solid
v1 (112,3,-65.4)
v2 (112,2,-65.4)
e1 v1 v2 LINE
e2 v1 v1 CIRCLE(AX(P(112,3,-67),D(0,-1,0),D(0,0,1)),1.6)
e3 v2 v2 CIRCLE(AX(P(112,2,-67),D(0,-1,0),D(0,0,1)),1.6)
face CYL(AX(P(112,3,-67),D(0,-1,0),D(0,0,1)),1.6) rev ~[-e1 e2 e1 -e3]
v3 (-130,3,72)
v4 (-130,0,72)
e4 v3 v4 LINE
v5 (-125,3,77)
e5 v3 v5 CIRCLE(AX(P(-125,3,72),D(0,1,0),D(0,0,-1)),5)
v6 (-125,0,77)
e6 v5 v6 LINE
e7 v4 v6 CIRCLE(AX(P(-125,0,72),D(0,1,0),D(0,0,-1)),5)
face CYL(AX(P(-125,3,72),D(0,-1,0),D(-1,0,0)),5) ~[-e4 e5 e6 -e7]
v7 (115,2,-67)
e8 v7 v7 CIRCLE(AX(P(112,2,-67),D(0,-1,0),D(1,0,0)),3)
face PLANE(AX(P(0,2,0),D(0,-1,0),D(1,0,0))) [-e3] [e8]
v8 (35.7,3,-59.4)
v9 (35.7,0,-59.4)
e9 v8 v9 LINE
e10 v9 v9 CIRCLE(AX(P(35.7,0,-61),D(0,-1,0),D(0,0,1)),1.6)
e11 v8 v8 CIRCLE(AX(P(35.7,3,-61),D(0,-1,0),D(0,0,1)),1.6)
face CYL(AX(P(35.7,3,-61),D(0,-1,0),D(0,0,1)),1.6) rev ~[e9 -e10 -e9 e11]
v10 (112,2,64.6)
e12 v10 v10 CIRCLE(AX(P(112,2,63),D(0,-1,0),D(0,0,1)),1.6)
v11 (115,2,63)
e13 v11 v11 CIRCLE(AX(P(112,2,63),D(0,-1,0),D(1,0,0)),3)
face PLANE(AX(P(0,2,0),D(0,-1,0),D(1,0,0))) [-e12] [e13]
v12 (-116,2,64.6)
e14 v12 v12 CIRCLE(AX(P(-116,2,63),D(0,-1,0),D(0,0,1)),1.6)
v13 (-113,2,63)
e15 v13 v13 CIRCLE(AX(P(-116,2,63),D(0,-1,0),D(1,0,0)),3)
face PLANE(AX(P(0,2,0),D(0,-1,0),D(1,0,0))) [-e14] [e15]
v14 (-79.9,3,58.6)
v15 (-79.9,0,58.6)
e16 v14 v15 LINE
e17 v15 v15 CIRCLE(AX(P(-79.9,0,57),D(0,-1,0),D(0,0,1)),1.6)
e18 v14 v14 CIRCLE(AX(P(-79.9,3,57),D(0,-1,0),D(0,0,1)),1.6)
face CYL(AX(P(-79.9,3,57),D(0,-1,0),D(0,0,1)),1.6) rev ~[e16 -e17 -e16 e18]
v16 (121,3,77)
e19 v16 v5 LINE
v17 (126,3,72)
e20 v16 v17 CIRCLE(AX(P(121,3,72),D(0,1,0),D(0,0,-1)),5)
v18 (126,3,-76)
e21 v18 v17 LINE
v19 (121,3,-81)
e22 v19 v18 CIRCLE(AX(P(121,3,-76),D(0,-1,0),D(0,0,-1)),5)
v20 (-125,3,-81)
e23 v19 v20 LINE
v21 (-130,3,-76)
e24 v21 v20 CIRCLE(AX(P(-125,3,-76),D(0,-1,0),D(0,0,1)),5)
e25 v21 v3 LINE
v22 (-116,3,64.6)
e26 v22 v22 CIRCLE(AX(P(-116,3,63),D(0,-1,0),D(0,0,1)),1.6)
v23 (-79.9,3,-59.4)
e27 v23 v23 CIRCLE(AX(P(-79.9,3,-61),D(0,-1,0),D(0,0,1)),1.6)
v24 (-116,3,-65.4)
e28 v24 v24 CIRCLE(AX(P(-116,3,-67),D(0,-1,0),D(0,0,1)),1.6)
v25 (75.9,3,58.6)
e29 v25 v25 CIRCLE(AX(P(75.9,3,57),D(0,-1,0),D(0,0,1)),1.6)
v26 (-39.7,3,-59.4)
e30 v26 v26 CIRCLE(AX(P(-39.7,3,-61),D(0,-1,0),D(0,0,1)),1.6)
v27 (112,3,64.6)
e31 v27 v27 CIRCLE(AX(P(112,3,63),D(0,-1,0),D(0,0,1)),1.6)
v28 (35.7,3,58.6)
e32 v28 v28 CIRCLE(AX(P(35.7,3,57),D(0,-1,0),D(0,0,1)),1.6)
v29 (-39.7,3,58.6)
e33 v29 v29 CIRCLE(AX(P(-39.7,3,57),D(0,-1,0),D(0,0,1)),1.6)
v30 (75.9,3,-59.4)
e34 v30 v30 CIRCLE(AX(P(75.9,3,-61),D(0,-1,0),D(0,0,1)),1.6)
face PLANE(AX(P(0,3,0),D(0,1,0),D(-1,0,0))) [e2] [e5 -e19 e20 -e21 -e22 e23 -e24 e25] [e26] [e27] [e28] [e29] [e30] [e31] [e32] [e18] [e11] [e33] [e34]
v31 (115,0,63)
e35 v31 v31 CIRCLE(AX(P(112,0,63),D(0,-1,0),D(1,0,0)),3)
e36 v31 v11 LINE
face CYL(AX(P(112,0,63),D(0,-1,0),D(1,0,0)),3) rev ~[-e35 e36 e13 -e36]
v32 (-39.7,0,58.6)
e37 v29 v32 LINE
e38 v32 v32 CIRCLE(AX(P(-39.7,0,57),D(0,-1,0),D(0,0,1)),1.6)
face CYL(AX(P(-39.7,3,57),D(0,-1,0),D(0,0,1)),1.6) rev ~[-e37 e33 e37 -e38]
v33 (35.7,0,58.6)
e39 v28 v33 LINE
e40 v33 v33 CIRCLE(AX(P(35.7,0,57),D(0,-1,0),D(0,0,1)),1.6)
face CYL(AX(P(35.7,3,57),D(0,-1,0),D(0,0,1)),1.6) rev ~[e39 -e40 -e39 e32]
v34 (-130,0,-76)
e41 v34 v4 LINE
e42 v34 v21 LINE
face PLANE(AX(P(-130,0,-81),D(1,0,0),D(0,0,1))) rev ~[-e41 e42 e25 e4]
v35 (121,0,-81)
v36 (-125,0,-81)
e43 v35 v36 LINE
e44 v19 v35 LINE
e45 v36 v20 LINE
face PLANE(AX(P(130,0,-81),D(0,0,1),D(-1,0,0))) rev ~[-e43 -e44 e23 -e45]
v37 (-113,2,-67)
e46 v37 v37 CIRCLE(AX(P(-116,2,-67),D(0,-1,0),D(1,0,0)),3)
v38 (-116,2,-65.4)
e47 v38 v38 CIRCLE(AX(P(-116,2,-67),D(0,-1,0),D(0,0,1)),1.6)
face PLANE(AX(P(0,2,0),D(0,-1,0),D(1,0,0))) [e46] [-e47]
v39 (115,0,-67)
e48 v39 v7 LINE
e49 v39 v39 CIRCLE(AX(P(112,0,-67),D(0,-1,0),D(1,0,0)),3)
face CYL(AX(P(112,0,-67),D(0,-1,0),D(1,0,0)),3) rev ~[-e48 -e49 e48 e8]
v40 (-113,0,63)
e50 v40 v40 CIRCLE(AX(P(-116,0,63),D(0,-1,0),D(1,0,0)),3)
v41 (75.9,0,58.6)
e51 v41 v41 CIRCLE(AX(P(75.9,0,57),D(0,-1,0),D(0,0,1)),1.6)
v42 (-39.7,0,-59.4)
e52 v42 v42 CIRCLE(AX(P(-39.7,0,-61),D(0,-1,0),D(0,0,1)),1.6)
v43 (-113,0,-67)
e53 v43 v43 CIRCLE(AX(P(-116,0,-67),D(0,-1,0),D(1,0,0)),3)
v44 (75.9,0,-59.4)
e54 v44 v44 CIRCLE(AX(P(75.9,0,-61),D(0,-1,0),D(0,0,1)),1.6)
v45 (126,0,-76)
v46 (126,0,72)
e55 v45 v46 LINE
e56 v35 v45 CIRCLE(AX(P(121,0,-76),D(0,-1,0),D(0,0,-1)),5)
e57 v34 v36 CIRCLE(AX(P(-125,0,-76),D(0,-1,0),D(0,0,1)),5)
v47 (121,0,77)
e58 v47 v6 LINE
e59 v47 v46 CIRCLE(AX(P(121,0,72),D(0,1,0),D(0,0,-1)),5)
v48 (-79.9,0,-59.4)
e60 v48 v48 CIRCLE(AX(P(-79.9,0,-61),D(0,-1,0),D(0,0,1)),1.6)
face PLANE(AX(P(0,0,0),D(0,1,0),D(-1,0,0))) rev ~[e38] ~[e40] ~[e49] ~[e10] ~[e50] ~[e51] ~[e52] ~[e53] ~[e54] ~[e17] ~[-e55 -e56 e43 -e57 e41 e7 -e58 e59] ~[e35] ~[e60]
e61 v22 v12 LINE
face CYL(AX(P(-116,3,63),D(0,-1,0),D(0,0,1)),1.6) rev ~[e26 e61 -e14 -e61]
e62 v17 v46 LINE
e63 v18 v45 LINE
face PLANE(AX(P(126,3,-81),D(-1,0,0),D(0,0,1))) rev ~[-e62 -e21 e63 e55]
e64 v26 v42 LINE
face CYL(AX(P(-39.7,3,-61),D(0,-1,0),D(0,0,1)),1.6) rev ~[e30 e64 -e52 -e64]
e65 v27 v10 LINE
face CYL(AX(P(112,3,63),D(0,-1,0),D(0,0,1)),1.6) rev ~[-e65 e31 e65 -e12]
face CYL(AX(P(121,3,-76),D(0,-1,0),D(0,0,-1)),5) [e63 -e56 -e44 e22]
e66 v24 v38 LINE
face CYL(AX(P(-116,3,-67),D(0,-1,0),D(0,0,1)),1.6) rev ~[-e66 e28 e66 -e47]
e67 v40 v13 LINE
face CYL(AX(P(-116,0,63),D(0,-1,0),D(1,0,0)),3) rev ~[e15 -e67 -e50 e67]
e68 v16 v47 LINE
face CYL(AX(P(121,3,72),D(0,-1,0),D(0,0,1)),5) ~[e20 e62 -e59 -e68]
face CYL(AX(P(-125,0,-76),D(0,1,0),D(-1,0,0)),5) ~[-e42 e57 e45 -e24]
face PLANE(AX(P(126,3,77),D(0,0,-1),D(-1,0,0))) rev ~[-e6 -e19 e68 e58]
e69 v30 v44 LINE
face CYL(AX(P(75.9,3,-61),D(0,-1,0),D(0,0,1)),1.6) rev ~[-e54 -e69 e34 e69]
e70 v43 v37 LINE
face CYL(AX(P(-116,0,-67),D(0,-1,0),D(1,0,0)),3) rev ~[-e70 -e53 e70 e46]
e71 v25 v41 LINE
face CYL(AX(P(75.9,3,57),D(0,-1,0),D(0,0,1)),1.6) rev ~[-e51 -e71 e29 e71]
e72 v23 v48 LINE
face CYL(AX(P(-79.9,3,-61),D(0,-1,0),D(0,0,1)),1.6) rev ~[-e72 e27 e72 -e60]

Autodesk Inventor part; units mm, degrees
ref_plane "YZ Plane" through (0, 0, 0) normal (1, 0, 0) x (0, 1, 0)
ref_plane "XZ Plane" through (0, 0, 0) normal (0, 1, 0) x (-1, 0, 0)
ref_plane "XY Plane" through (0, 0, 0) normal (0, 0, 1) x (1, 0, 0)
sketch "スケッチ1" plane through (0, 0, 0) normal (0, 1, 0) x (-1, 0, 0)
  line L0 (130, 81) -> (-130, 81)
  line L1 (-130, 81) -> (-130, -81)
  line L2 (-130, -81) -> (130, -81)
  line L3 (130, -81) -> (130, 81)
  line L4 (130, 81) -> (-130, -81) construction
  line L5 (-130, 81) -> (130, -81) construction
  point P0 (0, 0)
  dimension "d0" = 260
  dimension "d1" = 162
extrude "押し出し1" add sketch "スケッチ1" along normal blind 3
sketch "スケッチ7" plane through (0, 3, 0) normal (0, 1, 0) x (1, 0, 0)
  line L0 (-130, 81) -> (-130, -81) projected
  line L1 (130, -81) -> (130, 81) projected
  line L2 (130, 81) -> (-130, 81) projected
  point P0 (0, 0)
  point P1 (-116, 67)
  point P2 (112, 67)
  point P3 (112, -63)
  point P4 (-116, -63)
  dimension "d23" = 14
  dimension "d25" = 130
  dimension "d26" = 130
  dimension "d27" = 14
  dimension "d29" = 14
  dimension "d38" = 228
  dimension "d39" = 228
  dimension "d40" = 14
hole "穴1" at (-116, 3, -67) at (112, 3, -67) at (112, 3, 63) at (-116, 3, 63) direction (0, -1, 0) diameter 3.2 depth 8
sketch "スケッチ8" plane through (0, 3, 0) normal (0, 1, 0) x (1, 0, 0)
  line L0 (130, 81) -> (-130, 81) projected
  line L1 (-130, 81) -> (126, 81)
  line L2 (126, 81) -> (126, -77)
  line L3 (126, -77) -> (-130, -77)
  line L4 (-130, -77) -> (-130, 81)
  circle A0 centre (-116, 67) radius 1.6 projected
  circle A1 centre (112, 67) radius 1.6 projected
  circle A2 centre (-116, -63) radius 1.6 projected
  circle A3 centre (-116, -63) radius 1.6 projected
  circle A4 centre (112, -63) radius 1.6 projected
  circle A5 centre (112, 67) radius 1.6 projected
  circle A6 centre (-116, 67) radius 1.6 projected
  line L5 (130, -81) -> (130, 81) projected
  line L6 (130, 81) -> (-130, 81) projected
  line L7 (-130, 81) -> (-130, -81) projected
  line L8 (-130, -81) -> (130, -81) projected
  point P0 (0, 0)
  dimension "d41" = 14
  dimension "d42" = 14
  dimension "d43" = 14
extrude "押し出し4" cut sketch "スケッチ8" against normal blind 10 contours L5 L8 L7 L3 L2 L0
fillet "フィレット1" radius 5 4 edges at (-130, 1.5, -81) (-130, 1.5, 77) (126, 1.5, -81) (126, 1.5, 77)
sketch "スケッチ9" plane through (0, 3, 0) normal (0, 1, 0) x (1, 0, 0)
  line L0 (-130, 76) -> (-130, -72) projected
  line L1 (-89.9, 81) -> (-69.9, 81)
  line L2 (-69.8, 81) -> (-49.8, 81)
  line L3 (-49.7, 81) -> (-29.7, 81)
  line L4 (-29.7, -77) -> (-49.7, -77)
  line L5 (0, 0) -> (0, 16.1014)
  circle A0 centre (-116, 67) radius 1.6 projected
  line L6 (126, -72) -> (126, 76) projected
  line L7 (121, 81) -> (-125, 81) projected
  line L8 (-125, -77) -> (121, -77) projected
  line L9 (-69.8, 81) -> (-49.8, 81)
  line L10 (-49.8, 81) -> (-49.8, -77)
  line L11 (-49.8, -77) -> (-69.8, -77)
  line L12 (-69.8, -77) -> (-69.8, 81)
  line L13 (45.8, 81) -> (65.8, 81)
  line L14 (65.8, 81) -> (65.8, -77)
  line L15 (65.8, -77) -> (45.8, -77)
  line L16 (45.8, -77) -> (45.8, 81)
  line L17 (-69.9, 81) -> (-89.9, 81)
  line L18 (-89.9, 81) -> (-89.9, -77)
  line L19 (-89.9, -77) -> (-69.9, -77)
  line L20 (-69.9, -77) -> (-69.9, 81)
  line L21 (121, 81) -> (-125, 81) projected
  line L22 (-49.7, 81) -> (-29.7, 81)
  line L23 (-29.7, 81) -> (-29.7, -77)
  line L24 (-29.7, -77) -> (-49.7, -77)
  line L25 (-49.7, -77) -> (-49.7, 81)
  point P0 (-79.9, 61)
  point P1 (-39.7, 61)
  point P2 (-79.9, -57)
  point P3 (-39.7, -57)
  point P4 (75.9, 61)
  point P5 (35.7, 61)
  point P6 (75.9, -57)
  point P7 (35.7, -57)
  point P8 (-79.9, 81)
  point P9 (-59.8, 61)
  point P10 (55.8, 61)
  point P11 (55.8, -57)
  point P12 (-59.8, -57)
  dimension "d77" = 118
  dimension "d114" = 20
  dimension "d115" = 20
  dimension "d116" = 20
  dimension "d117" = 20
  dimension "d118" = 20
  dimension "d119" = 20
  dimension "d120" = 20
  dimension "d121" = 20
  dimension "d122" = 70.2
  dimension "d123" = 70.2
  dimension "d124" = 20
  dimension "d125" = 70.2
  dimension "d126" = 70.2
  dimension "d127" = 10
  dimension "d128" = 10
  dimension "d129" = 10
  dimension "d130" = 10
  dimension "d131" = 10
  dimension "d132" = 0.1
  dimension "d133" = 50.1
  dimension "d134" = 50.1
  dimension "d135" = 10
  dimension "d136" = 118
  dimension "d137" = 50.1
  dimension "d138" = 10
  dimension "d139" = 0.1
  dimension "d140" = 10
  dimension "d141" = 90.3
  dimension "d142" = 90.3
  dimension "d143" = 90.3
  dimension "d144" = 90.3
  dimension "d145" = 50.1
hole "穴2" at (-79.9, 3, -61) at (-39.7, 3, -61) at (-79.9, 3, 57) at (-39.7, 3, 57) at (35.7, 3, 57) at (75.9, 3, 57) at (35.7, 3, -61) at (75.9, 3, -61) direction (0, -1, 0) diameter 3.2 depth 8
sketch "スケッチ12" plane through (0, 0, 0) normal (0, -1, 0) x (1, 0, 0)
  circle A0 centre (75.9, -61) radius 1.6 projected
  circle A1 centre (35.7, -61) radius 1.6 projected
  circle A2 centre (75.9, 57) radius 1.6 projected
  circle A3 centre (35.7, 57) radius 1.6 projected
  circle A4 centre (-39.7, 57) radius 1.6 projected
  circle A5 centre (-79.9, 57) radius 1.6 projected
  circle A6 centre (-39.7, -61) radius 1.6 projected
  circle A7 centre (-79.9, -61) radius 1.6 projected
  arc A8 (126, 72) -> (121, 77) centre (121, 72) ccw projected
  line L0 (121, 77) -> (-125, 77) projected
  arc A9 (-125, 77) -> (-130, 72) centre (-125, 72) ccw projected
  line L1 (-130, -76) -> (-130, 72) projected
  arc A10 (-130, -76) -> (-125, -81) centre (-125, -76) ccw projected
  line L2 (121, -81) -> (-125, -81) projected
  arc A11 (121, -81) -> (126, -76) centre (121, -76) ccw projected
  line L3 (126, -76) -> (126, 72) projected
  circle A12 centre (-116, 63) radius 1.6 projected
  circle A13 centre (112, 63) radius 1.6 projected
  circle A14 centre (112, -67) radius 1.6 projected
  circle A15 centre (-116, -67) radius 1.6 projected
  circle A16 centre (-116, 63) radius 3
  circle A17 centre (-116, -67) radius 3
  circle A18 centre (112, -67) radius 3
  circle A19 centre (112, 63) radius 3
  point P0 (0, 0)
  dimension "d108" = 6
  dimension "d109" = 6
  dimension "d110" = 6
  dimension "d111" = 6
  dimension "d14" = 30
  dimension "d15" = 30
  dimension "d16" = 30
  dimension "d17" = 30
extrude "押し出し6" cut sketch "スケッチ12" against normal blind 2 contours A12 | A13 | A14 | A15 | A16 | A17 | A18 | A19
equation "\"d26\" = d25"
equation "\"d27\" = d23"
equation "\"d39\" = d38"
equation "\"d42\" = d41"
equation "\"d43\" = d41"
equation "\"d115\" = d114"
equation "\"d116\" = d114"
equation "\"d117\" = d116"
equation "\"d119\" = d118"
equation "\"d120\" = d118"
equation "\"d121\" = d120"
equation "\"d123\" = d122"
equation "\"d126\" = d123"
equation "\"d129\" = d127"
equation "\"d130\" = d129"
equation "\"d139\" = d132"
equation "\"d140\" = d138"
equation "\"d109\" = d108"
equation "\"d110\" = d109"
equation "\"d111\" = d108"
properties part number "BP_BOX-Under" material "アセタール樹脂、白"
